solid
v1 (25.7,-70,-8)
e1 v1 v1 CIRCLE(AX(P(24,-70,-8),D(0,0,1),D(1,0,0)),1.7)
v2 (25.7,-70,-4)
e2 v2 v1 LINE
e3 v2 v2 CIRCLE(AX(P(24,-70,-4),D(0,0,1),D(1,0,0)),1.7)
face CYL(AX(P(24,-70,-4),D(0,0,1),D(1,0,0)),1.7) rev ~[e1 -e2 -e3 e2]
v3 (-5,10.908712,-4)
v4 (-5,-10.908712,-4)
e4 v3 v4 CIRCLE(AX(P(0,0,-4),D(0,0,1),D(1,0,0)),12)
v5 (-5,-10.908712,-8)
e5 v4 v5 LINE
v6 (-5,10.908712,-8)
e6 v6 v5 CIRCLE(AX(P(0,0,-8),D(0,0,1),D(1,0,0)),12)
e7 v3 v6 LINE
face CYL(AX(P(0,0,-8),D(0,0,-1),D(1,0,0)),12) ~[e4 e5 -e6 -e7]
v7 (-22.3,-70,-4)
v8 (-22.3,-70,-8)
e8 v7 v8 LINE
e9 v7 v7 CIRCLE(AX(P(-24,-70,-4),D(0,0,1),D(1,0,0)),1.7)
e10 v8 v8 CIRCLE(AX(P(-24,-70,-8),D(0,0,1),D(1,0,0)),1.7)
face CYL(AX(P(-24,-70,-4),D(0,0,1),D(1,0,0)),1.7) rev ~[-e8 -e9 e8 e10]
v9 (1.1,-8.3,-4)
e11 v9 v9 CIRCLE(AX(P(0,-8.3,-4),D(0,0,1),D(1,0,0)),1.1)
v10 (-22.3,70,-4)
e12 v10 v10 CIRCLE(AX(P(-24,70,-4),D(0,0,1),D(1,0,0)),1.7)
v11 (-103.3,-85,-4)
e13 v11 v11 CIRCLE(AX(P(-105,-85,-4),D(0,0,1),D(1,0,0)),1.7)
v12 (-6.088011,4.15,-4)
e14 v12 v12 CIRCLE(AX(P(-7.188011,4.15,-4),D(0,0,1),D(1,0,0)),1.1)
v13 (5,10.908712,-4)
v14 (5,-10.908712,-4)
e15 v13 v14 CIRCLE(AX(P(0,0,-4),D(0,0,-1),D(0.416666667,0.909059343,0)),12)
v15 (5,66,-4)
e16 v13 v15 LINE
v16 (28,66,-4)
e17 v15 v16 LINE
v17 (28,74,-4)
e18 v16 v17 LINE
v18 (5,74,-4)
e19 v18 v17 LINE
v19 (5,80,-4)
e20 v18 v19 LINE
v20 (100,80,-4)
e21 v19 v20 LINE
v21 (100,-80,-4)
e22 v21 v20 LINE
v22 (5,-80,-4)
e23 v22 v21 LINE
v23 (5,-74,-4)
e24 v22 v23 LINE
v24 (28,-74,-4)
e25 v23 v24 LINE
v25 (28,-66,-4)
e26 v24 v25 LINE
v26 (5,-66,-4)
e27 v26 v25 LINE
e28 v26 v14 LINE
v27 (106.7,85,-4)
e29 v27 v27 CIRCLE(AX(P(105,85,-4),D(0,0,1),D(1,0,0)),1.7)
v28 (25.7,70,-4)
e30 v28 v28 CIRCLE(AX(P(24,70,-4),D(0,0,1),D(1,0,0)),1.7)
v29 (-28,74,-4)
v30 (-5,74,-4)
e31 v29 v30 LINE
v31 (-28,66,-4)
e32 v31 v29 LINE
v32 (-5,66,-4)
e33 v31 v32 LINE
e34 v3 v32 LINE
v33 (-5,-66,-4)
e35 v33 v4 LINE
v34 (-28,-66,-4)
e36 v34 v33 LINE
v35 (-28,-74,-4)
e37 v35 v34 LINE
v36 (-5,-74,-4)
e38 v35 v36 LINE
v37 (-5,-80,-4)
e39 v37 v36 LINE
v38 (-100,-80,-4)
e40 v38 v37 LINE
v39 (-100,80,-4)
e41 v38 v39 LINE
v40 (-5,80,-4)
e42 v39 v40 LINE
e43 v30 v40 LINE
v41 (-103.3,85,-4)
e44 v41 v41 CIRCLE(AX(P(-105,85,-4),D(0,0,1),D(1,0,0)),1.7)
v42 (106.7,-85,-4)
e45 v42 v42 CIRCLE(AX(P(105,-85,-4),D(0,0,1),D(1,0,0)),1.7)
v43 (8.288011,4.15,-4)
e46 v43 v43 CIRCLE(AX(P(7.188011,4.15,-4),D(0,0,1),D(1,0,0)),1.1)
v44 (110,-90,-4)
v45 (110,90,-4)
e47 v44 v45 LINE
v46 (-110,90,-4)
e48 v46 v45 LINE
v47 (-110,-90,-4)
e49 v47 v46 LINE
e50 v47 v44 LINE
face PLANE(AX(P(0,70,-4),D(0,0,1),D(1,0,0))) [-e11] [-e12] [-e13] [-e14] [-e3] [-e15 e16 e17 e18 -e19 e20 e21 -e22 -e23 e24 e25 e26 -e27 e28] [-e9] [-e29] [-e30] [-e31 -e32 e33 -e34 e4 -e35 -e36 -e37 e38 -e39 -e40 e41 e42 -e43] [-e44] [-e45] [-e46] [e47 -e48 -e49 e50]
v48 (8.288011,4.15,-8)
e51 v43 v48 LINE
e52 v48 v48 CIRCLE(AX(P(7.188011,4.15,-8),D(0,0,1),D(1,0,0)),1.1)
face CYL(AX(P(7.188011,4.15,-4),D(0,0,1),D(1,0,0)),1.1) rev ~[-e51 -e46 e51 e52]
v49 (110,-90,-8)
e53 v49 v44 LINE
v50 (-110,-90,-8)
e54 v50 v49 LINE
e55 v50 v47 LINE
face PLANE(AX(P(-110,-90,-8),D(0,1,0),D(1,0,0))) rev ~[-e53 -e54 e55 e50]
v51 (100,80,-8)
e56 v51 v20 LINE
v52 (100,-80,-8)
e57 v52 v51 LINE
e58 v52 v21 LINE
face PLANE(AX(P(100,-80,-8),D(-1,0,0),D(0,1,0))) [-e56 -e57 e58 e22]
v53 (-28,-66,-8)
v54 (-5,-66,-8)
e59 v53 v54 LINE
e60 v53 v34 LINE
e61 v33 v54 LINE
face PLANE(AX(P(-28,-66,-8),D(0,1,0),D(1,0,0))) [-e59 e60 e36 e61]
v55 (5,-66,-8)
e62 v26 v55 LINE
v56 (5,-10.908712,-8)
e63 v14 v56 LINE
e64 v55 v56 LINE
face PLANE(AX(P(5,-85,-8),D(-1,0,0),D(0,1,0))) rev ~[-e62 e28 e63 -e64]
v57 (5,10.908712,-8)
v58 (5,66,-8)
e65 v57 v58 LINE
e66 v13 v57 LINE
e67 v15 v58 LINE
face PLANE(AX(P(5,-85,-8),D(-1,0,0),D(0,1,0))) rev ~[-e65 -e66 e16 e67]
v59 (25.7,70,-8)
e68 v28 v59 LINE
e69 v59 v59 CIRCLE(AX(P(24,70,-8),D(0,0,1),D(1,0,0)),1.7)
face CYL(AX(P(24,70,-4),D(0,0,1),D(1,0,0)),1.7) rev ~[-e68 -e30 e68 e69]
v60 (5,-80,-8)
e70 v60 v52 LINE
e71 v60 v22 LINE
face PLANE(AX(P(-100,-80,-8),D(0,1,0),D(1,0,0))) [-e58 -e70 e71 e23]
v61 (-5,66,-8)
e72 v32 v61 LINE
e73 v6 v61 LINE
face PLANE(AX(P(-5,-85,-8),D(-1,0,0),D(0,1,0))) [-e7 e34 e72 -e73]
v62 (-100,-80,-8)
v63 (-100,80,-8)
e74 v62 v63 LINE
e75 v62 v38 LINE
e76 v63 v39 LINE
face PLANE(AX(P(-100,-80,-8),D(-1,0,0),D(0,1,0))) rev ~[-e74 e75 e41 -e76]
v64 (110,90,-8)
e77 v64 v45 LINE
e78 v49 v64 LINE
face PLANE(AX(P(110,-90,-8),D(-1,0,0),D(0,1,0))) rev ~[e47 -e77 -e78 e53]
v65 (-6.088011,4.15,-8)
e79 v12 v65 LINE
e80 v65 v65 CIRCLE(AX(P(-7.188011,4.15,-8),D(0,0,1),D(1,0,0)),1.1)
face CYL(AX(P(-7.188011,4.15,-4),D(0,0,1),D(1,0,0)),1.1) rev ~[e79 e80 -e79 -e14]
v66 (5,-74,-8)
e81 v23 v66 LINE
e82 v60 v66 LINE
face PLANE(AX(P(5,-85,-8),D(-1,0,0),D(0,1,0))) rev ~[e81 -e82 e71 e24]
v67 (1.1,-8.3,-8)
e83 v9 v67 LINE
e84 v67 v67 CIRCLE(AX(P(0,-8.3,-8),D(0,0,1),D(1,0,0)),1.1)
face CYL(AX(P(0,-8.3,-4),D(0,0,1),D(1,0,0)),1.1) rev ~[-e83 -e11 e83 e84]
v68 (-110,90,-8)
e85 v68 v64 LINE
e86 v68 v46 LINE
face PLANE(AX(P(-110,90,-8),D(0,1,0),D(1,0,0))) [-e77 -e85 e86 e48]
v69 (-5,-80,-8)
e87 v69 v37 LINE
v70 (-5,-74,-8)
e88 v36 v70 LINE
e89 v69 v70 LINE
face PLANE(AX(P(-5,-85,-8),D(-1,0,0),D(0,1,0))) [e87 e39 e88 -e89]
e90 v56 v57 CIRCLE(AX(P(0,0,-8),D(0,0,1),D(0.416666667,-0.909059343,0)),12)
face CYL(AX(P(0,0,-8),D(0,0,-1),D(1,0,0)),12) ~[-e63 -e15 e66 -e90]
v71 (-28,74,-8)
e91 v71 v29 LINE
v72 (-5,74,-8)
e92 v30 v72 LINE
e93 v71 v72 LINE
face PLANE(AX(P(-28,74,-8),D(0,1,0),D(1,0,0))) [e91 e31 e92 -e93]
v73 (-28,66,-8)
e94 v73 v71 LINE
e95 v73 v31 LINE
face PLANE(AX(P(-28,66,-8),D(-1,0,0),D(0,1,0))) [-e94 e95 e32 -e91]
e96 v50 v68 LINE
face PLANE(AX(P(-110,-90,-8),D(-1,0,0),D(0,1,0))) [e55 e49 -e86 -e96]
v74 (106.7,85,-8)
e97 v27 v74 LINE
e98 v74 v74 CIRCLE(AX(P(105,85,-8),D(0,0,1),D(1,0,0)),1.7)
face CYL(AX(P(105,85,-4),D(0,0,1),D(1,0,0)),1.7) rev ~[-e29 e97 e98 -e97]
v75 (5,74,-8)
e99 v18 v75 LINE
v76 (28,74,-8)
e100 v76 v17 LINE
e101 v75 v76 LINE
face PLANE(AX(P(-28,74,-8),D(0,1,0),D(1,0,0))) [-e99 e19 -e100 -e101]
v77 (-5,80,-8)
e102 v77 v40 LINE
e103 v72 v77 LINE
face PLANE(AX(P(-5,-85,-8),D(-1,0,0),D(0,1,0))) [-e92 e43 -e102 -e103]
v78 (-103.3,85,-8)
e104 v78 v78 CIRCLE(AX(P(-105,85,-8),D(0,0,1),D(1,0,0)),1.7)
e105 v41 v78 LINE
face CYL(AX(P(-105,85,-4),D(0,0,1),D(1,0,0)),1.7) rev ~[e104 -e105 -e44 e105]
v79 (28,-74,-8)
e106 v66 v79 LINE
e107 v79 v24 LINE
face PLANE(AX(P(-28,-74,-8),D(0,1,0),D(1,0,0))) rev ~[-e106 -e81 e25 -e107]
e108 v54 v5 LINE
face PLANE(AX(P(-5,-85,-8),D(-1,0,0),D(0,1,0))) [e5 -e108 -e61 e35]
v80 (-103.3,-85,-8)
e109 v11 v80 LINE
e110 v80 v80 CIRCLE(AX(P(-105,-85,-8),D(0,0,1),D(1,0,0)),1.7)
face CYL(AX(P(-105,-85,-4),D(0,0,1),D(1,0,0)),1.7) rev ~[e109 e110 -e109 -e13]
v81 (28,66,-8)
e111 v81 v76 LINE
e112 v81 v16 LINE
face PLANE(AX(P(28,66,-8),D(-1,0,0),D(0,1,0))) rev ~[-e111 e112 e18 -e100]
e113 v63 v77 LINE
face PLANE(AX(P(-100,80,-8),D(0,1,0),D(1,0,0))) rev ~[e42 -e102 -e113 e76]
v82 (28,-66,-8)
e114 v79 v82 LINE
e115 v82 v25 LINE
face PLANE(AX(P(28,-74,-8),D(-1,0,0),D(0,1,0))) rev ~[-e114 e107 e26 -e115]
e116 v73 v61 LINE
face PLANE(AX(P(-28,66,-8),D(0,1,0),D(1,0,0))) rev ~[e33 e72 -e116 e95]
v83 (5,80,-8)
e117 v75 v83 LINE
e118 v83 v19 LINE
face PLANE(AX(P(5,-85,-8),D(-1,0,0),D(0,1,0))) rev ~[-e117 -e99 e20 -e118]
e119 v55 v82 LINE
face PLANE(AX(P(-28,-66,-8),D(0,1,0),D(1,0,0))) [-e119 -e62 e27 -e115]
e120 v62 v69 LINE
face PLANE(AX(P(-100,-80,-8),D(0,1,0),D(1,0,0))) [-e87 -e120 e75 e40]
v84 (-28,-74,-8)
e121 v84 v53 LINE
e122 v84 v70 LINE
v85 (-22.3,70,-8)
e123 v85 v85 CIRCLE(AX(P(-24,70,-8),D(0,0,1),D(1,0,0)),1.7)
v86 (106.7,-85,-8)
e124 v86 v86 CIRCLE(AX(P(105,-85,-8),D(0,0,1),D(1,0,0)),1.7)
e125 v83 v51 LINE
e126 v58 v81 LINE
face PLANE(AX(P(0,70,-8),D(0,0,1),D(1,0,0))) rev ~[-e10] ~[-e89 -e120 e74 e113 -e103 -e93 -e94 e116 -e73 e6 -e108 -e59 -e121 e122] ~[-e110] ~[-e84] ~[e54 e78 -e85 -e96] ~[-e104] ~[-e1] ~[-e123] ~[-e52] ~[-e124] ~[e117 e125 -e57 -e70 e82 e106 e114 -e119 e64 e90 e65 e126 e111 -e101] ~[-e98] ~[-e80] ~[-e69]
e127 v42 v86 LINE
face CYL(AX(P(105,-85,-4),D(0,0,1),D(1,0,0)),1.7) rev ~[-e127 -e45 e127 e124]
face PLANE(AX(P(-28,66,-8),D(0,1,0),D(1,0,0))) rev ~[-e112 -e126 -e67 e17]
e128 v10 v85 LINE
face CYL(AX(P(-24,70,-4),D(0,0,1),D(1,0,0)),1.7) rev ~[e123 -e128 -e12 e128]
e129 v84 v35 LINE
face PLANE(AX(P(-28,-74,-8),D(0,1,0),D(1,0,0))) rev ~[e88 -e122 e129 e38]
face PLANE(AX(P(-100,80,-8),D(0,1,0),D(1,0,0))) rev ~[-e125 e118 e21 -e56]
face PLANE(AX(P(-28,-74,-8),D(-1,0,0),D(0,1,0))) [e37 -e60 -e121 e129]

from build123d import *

# Parameters (mm, degrees)
LOWER_PERIMETER_START             = -8
SKETCH1_W                         = 220
SKETCH1_H                         = 180
SKETCH1_W_2                       = 200
SKETCH1_H_2                       = 160
LOWER_PERIMETER_DEPTH             = 4
CENTRE_SPINE_START                = -8
SKETCH2_W                         = 10
SKETCH2_H                         = 170
CENTRE_SPINE_DEPTH                = 4
PEDESTAL_LANDING_START            = -8
SKETCH3_R                         = 12
PEDESTAL_LANDING_DEPTH            = 4
BASE_LANDING_70_START             = -8
SKETCH4_W                         = 56
SKETCH4_H                         = 8
BASE_LANDING_70_DEPTH             = 4
SKETCH5_W                         = 56
SKETCH5_H                         = 8
BASE_LANDING_70_2_DEPTH           = 4
SKETCH6_R                         = 1.7
EIGHT_M3_CLEARANCE_DEPTH          = 4.01
SKETCH7_R                         = 1.1
PEDESTAL_THREE_M2_CLEARANCE_DEPTH = 4.01


with BuildPart() as part:
    # Sketch1 → Lower_Perimeter (new body)
    with BuildSketch(Plane.XY.offset(LOWER_PERIMETER_START)):
        Rectangle(SKETCH1_W, SKETCH1_H)
        Rectangle(SKETCH1_W_2, SKETCH1_H_2, mode=Mode.SUBTRACT)
    extrude(amount=LOWER_PERIMETER_DEPTH)

    # Sketch2 → Centre_Spine (add)
    with BuildSketch(Plane.XY.offset(CENTRE_SPINE_START)):
        Rectangle(SKETCH2_W, SKETCH2_H)
    extrude(amount=CENTRE_SPINE_DEPTH)

    # Sketch3 → Pedestal_Landing (add)
    with BuildSketch(Plane.XY.offset(PEDESTAL_LANDING_START)):
        Circle(SKETCH3_R)
    extrude(amount=PEDESTAL_LANDING_DEPTH)

    # Sketch4 → Base_Landing_-70 (add)
    with BuildSketch(Plane.XY.offset(BASE_LANDING_70_START)):
        with Locations((0, -70)):
            Rectangle(SKETCH4_W, SKETCH4_H)
    extrude(amount=BASE_LANDING_70_DEPTH)

    # Sketch5 → Base_Landing_70 2 (add)
    with BuildSketch(Plane.XY.offset(BASE_LANDING_70_START)):
        with Locations((0, 70)):
            Rectangle(SKETCH5_W, SKETCH5_H)
    extrude(amount=BASE_LANDING_70_2_DEPTH)

    # Sketch6 → Eight_M3_Clearance (cut)
    with BuildSketch(Plane.XY.offset(-4)):
        with Locations((-105, -85)):
            Circle(SKETCH6_R)
        with Locations((-105, 85)):
            Circle(SKETCH6_R)
        with Locations((105, -85)):
            Circle(SKETCH6_R)
        with Locations((105, 85)):
            Circle(SKETCH6_R)
        with Locations((-24, -70)):
            Circle(SKETCH6_R)
        with Locations((-24, 70)):
            Circle(SKETCH6_R)
        with Locations((24, -70)):
            Circle(SKETCH6_R)
        with Locations((24, 70)):
            Circle(SKETCH6_R)
    extrude(amount=-EIGHT_M3_CLEARANCE_DEPTH, mode=Mode.SUBTRACT)

    # Sketch7 → Pedestal_Three_M2_Clearance (cut)
    with BuildSketch(Plane.XY.offset(-4)):
        with Locations((7.188010851, 4.15)):
            Circle(SKETCH7_R)
        with Locations((-7.188010851, 4.15)):
            Circle(SKETCH7_R)
        with Locations((0, -8.3)):
            Circle(SKETCH7_R)
    extrude(amount=-PEDESTAL_THREE_M2_CLEARANCE_DEPTH, mode=Mode.SUBTRACT)


solid = part.part
